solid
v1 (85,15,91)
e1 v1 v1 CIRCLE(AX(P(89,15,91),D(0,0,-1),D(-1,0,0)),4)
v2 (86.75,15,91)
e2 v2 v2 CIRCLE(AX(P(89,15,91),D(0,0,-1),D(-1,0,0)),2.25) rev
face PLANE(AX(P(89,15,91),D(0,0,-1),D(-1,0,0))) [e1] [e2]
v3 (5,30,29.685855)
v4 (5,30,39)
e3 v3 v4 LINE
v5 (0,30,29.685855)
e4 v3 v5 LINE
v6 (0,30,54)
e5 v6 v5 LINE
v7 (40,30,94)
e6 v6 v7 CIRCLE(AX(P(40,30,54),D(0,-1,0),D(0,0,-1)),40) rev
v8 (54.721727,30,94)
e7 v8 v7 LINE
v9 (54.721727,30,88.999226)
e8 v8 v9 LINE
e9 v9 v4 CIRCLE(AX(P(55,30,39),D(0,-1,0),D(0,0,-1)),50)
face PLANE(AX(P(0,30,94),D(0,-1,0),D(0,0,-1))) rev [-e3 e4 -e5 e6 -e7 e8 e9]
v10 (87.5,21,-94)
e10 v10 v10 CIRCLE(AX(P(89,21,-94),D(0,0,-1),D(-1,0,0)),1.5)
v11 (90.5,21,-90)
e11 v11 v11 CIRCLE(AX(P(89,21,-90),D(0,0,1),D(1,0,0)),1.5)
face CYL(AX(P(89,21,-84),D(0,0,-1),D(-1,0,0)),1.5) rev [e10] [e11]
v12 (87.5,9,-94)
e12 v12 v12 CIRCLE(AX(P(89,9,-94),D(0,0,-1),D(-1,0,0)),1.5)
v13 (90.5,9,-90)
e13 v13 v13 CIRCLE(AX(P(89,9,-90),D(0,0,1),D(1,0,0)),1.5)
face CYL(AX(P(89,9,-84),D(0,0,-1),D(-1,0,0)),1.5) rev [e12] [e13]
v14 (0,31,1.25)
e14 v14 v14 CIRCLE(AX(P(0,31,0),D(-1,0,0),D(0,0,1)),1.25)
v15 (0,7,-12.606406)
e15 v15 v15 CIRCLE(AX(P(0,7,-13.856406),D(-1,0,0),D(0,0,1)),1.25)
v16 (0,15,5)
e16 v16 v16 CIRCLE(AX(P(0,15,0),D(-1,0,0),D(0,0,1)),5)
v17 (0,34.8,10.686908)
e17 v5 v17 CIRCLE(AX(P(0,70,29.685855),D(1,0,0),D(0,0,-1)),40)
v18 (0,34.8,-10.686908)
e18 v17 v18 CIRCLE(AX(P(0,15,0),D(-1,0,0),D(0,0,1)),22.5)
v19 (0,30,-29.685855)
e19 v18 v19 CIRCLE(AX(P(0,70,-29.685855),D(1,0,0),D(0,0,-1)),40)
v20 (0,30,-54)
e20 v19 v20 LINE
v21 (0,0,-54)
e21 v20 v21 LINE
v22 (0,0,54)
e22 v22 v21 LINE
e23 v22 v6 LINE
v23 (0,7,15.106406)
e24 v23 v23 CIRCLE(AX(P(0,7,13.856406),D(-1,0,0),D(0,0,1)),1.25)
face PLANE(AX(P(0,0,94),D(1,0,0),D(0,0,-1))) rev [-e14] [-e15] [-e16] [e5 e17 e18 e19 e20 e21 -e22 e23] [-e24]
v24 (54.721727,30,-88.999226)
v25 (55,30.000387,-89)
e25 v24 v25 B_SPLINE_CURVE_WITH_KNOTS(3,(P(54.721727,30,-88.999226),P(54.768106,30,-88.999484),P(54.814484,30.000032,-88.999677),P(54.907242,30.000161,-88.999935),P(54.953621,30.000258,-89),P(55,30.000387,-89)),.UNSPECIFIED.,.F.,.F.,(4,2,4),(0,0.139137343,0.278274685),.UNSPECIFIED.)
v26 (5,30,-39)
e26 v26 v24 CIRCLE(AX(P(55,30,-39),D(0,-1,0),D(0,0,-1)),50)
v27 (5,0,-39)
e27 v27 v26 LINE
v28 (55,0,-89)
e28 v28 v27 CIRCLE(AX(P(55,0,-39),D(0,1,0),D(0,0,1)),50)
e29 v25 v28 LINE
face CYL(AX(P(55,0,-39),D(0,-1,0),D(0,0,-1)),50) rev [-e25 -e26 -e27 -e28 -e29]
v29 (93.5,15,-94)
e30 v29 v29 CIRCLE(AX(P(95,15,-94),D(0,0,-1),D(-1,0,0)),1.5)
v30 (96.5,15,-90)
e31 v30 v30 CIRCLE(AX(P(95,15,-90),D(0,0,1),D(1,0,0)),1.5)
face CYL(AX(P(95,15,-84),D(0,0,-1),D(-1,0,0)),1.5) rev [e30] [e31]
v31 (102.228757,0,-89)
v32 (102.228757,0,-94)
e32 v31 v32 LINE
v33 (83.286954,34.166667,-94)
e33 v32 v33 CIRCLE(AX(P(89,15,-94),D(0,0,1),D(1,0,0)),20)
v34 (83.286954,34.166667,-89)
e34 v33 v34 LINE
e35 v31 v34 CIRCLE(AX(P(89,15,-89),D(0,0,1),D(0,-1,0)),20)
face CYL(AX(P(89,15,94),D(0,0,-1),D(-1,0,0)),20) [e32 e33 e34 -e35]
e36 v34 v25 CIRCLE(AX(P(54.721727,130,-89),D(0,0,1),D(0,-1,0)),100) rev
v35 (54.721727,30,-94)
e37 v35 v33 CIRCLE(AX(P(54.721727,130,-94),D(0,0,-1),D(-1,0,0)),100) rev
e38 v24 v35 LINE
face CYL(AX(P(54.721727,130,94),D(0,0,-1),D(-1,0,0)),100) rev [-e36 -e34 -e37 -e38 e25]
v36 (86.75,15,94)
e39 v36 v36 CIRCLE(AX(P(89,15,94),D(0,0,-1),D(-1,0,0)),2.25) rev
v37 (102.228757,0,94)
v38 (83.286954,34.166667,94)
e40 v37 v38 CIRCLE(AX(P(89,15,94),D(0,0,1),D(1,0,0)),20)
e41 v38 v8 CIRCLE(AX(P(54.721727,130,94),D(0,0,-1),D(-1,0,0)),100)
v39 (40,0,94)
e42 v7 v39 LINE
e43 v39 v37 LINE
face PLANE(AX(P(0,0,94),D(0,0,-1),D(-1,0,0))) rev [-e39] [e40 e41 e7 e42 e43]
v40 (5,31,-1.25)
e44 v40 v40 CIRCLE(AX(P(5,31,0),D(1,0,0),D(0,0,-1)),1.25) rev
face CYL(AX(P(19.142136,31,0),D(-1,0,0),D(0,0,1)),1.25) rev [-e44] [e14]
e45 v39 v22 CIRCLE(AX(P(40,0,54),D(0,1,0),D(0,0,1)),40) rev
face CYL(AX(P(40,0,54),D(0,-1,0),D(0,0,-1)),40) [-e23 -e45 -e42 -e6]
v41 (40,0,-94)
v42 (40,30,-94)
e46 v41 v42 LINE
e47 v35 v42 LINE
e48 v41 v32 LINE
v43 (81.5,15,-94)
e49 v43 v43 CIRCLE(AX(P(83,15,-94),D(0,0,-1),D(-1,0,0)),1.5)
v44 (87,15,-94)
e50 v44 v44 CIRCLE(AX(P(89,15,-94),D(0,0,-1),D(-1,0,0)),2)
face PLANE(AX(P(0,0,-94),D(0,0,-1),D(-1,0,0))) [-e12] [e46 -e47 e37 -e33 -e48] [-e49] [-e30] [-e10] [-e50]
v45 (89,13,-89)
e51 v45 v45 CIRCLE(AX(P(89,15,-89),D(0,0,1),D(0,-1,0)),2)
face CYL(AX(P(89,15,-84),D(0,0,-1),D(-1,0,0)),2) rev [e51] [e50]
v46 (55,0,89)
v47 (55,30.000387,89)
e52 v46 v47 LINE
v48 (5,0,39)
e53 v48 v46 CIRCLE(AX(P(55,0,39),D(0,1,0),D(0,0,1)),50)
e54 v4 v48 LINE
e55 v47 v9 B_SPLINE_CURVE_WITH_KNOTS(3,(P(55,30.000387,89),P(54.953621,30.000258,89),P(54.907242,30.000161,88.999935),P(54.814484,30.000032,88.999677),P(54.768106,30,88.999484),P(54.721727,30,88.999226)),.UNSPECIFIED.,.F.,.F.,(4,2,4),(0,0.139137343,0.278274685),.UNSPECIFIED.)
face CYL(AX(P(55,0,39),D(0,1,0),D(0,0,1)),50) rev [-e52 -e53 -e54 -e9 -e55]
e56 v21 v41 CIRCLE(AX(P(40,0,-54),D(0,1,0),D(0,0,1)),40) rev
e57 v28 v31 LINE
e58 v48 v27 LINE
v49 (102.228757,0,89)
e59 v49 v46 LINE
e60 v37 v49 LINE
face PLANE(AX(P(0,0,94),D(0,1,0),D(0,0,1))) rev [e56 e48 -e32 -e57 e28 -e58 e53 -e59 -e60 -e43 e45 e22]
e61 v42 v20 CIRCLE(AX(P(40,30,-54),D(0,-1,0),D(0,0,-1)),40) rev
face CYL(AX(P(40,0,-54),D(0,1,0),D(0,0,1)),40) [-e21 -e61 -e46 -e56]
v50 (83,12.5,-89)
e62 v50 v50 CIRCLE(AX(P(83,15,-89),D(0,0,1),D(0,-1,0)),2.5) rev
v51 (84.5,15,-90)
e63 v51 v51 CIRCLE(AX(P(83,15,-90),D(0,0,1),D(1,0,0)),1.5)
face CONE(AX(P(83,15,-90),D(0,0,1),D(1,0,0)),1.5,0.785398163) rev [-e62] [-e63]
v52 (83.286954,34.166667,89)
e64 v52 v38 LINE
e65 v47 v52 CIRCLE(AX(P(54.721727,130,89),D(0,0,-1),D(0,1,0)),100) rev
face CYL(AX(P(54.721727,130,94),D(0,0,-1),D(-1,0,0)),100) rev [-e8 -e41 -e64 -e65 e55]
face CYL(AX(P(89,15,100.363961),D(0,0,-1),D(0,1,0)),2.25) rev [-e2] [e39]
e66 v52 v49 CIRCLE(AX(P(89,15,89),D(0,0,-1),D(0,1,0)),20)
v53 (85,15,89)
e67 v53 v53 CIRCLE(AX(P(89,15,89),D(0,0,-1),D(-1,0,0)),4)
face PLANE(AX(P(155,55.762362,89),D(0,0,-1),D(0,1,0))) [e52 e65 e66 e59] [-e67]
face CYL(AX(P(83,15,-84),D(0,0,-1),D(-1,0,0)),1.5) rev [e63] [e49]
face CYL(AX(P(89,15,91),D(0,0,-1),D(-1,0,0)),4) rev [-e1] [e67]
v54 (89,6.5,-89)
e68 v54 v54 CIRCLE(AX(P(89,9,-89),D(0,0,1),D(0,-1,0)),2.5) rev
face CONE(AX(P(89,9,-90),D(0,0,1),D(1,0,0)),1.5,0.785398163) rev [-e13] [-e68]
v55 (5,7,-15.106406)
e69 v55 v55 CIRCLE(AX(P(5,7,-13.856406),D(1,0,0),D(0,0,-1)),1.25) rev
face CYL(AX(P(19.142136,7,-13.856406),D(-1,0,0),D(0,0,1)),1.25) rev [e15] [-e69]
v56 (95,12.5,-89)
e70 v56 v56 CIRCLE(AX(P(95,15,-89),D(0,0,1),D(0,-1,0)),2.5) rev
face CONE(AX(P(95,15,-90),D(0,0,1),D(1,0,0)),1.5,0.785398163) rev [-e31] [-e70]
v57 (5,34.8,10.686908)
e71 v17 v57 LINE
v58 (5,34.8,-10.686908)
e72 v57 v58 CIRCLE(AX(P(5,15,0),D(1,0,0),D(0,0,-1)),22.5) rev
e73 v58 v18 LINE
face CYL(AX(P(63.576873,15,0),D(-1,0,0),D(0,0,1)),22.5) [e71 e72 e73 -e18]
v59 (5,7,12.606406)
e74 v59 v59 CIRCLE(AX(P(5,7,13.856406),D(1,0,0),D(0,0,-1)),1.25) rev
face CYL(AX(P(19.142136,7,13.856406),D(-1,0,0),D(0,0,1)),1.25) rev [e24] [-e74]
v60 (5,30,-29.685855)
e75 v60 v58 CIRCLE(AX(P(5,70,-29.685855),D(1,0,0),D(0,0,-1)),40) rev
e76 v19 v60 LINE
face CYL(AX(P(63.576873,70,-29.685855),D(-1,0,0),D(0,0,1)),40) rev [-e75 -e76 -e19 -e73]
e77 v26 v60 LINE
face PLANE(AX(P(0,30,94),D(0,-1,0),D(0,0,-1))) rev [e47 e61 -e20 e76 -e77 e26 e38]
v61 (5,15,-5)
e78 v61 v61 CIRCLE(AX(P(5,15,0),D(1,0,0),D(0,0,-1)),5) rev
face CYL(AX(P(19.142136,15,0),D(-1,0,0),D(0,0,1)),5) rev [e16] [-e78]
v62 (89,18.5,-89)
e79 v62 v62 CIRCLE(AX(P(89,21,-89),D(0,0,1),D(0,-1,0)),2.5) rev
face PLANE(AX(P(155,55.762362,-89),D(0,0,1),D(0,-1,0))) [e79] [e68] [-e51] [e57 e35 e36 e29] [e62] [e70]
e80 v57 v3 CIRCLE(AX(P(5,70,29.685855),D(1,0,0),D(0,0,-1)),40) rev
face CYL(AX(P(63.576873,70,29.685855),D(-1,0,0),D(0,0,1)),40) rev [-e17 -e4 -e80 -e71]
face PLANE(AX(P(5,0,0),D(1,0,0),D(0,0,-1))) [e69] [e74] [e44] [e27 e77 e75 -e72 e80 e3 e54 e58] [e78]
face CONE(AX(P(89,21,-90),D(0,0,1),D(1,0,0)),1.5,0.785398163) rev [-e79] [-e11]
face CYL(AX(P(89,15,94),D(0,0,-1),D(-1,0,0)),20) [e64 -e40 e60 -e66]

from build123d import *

# Parameters (mm, degrees)
SKETCH1_W           = 89
SKETCH1_H           = 30
BOSS_EXTRUDE1_DEPTH = 94
BOSS_EXTRUDE2_DEPTH = 94
CUT_EXTRUDE2_START  = 5
SKETCH4_W           = 178
SKETCH4_H           = 59.703545047
CUT_EXTRUDE2_DEPTH  = 150
SKETCH5_R           = 2
SKETCH5_R_2         = 1.5
CUT_EXTRUDE3_DEPTH  = 10
FILLET1_R           = 100
FILLET2_R           = 50
FILLET3_R           = 40
BOSS_EXTRUDE3_DEPTH = 5
SKETCH8_R           = 2.25
CUT_EXTRUDE5_DEPTH  = 5
FILLET4_R           = 40
SKETCH10_R          = 1.25
SKETCH10_R_2        = 5
CUT_EXTRUDE6_DEPTH  = 5
CHAMFER1_SIZE       = 1
SKETCH11_R          = 4
CUT_EXTRUDE7_DEPTH  = 2


with BuildPart() as part:
    # Sketch1 → Boss-Extrude1 (new, symmetric)
    with BuildSketch(Plane.XY):
        with Locations((44.5, 15)):
            Rectangle(SKETCH1_W, SKETCH1_H)
    extrude(amount=BOSS_EXTRUDE1_DEPTH, both=True)

    # Sketch2 → Boss-Extrude2 (add, symmetric)
    with BuildSketch(Plane.XY):
        with BuildLine():
            Line((75.771243445, 0), (102.228756555, 0))
            ThreePointArc((102.228756555, 0), (89, 35), (75.771243445, 0))
        make_face()
    extrude(amount=BOSS_EXTRUDE2_DEPTH, both=True)

    # Sketch4 → Cut-Extrude2 (cut)
    with BuildSketch(Plane(origin=(0, 0, 0), x_dir=(0, 0, -1), z_dir=(1, 0, 0)).offset(CUT_EXTRUDE2_START)):
        with Locations((0, 25.910589708)):
            Rectangle(SKETCH4_W, SKETCH4_H)
    extrude(amount=CUT_EXTRUDE2_DEPTH, mode=Mode.SUBTRACT)

    # Sketch5 → Cut-Extrude3 (cut)
    with BuildSketch(Plane(origin=(0, 0, -94), x_dir=(-1, 0, 0), z_dir=(0, 0, -1))):
        with Locations((-89, 15)):
            Circle(SKETCH5_R)
        with Locations((-95, 15)):
            Circle(SKETCH5_R_2)
        with Locations((-89, 21)):
            Circle(SKETCH5_R_2)
        with Locations((-83, 15)):
            Circle(SKETCH5_R_2)
        with Locations((-89, 9)):
            Circle(SKETCH5_R_2)
    extrude(amount=-CUT_EXTRUDE3_DEPTH, mode=Mode.SUBTRACT)

    # Fillet1
    fillet1_edges = [part.edges().sort_by_distance(p)[0] for p in [
        (75.771243445, 30, -91.5),
        (75.771243445, 30, 91.5),
    ]]
    fillet(fillet1_edges, radius=FILLET1_R)

    # Fillet2
    fillet2_edges = [part.edges().sort_by_distance(p)[0] for p in [
        (5, 15, -89),
        (5, 15, 89),
    ]]
    fillet(fillet2_edges, radius=FILLET2_R)

    # Fillet3
    fillet3_edges = [part.edges().sort_by_distance(p)[0] for p in [
        (0, 15, 94),
        (0, 15, -94),
    ]]
    fillet(fillet3_edges, radius=FILLET3_R)

    # Sketch7 → Boss-Extrude3 (add)
    with BuildSketch(Plane.ZY):
        with BuildLine():
            Line((-16.770509831, 0), (16.770509831, 0))
            ThreePointArc((16.770509831, 0), (0, 37.5), (-16.770509831, 0))
        make_face()
    extrude(amount=-BOSS_EXTRUDE3_DEPTH)

    # Sketch8 → Cut-Extrude5 (cut)
    with BuildSketch(Plane(origin=(0, 0, 89), x_dir=(-1, 0, 0), z_dir=(0, 0, -1))):
        with Locations(Location((-89, 15, 0), (0, 0, 90))):
            Circle(SKETCH8_R)
    extrude(amount=-CUT_EXTRUDE5_DEPTH, mode=Mode.SUBTRACT)

    # Fillet4
    fillet4_edges = [part.edges().sort_by_distance(p)[0] for p in [
        (2.5, 30, 16.770509831),
        (2.5, 30, -16.770509831),
    ]]
    fillet(fillet4_edges, radius=FILLET4_R)

    # Sketch10 → Cut-Extrude6 (cut)
    with BuildSketch(Plane.ZY):
        with Locations((-13.856406461, 7)):
            Circle(SKETCH10_R)
        with Locations((0, 31)):
            Circle(SKETCH10_R)
        with Locations((13.856406461, 7)):
            Circle(SKETCH10_R)
        with Locations((0, 15)):
            Circle(SKETCH10_R_2)
    extrude(amount=-CUT_EXTRUDE6_DEPTH, mode=Mode.SUBTRACT)

    # Chamfer1
    chamfer1_edges = [part.edges().sort_by_distance(p)[0] for p in [
        (96.5, 15, -89),
        (90.5, 21, -89),
        (84.5, 15, -89),
        (90.5, 9, -89),
    ]]
    chamfer(chamfer1_edges, length=CHAMFER1_SIZE)

    # Sketch11 → Cut-Extrude7 (cut)
    with BuildSketch(Plane(origin=(0, 0, 89), x_dir=(-1, 0, 0), z_dir=(0, 0, -1))):
        with Locations((-89, 15)):
            Circle(SKETCH11_R)
    extrude(amount=-CUT_EXTRUDE7_DEPTH, mode=Mode.SUBTRACT)


solid = part.part
